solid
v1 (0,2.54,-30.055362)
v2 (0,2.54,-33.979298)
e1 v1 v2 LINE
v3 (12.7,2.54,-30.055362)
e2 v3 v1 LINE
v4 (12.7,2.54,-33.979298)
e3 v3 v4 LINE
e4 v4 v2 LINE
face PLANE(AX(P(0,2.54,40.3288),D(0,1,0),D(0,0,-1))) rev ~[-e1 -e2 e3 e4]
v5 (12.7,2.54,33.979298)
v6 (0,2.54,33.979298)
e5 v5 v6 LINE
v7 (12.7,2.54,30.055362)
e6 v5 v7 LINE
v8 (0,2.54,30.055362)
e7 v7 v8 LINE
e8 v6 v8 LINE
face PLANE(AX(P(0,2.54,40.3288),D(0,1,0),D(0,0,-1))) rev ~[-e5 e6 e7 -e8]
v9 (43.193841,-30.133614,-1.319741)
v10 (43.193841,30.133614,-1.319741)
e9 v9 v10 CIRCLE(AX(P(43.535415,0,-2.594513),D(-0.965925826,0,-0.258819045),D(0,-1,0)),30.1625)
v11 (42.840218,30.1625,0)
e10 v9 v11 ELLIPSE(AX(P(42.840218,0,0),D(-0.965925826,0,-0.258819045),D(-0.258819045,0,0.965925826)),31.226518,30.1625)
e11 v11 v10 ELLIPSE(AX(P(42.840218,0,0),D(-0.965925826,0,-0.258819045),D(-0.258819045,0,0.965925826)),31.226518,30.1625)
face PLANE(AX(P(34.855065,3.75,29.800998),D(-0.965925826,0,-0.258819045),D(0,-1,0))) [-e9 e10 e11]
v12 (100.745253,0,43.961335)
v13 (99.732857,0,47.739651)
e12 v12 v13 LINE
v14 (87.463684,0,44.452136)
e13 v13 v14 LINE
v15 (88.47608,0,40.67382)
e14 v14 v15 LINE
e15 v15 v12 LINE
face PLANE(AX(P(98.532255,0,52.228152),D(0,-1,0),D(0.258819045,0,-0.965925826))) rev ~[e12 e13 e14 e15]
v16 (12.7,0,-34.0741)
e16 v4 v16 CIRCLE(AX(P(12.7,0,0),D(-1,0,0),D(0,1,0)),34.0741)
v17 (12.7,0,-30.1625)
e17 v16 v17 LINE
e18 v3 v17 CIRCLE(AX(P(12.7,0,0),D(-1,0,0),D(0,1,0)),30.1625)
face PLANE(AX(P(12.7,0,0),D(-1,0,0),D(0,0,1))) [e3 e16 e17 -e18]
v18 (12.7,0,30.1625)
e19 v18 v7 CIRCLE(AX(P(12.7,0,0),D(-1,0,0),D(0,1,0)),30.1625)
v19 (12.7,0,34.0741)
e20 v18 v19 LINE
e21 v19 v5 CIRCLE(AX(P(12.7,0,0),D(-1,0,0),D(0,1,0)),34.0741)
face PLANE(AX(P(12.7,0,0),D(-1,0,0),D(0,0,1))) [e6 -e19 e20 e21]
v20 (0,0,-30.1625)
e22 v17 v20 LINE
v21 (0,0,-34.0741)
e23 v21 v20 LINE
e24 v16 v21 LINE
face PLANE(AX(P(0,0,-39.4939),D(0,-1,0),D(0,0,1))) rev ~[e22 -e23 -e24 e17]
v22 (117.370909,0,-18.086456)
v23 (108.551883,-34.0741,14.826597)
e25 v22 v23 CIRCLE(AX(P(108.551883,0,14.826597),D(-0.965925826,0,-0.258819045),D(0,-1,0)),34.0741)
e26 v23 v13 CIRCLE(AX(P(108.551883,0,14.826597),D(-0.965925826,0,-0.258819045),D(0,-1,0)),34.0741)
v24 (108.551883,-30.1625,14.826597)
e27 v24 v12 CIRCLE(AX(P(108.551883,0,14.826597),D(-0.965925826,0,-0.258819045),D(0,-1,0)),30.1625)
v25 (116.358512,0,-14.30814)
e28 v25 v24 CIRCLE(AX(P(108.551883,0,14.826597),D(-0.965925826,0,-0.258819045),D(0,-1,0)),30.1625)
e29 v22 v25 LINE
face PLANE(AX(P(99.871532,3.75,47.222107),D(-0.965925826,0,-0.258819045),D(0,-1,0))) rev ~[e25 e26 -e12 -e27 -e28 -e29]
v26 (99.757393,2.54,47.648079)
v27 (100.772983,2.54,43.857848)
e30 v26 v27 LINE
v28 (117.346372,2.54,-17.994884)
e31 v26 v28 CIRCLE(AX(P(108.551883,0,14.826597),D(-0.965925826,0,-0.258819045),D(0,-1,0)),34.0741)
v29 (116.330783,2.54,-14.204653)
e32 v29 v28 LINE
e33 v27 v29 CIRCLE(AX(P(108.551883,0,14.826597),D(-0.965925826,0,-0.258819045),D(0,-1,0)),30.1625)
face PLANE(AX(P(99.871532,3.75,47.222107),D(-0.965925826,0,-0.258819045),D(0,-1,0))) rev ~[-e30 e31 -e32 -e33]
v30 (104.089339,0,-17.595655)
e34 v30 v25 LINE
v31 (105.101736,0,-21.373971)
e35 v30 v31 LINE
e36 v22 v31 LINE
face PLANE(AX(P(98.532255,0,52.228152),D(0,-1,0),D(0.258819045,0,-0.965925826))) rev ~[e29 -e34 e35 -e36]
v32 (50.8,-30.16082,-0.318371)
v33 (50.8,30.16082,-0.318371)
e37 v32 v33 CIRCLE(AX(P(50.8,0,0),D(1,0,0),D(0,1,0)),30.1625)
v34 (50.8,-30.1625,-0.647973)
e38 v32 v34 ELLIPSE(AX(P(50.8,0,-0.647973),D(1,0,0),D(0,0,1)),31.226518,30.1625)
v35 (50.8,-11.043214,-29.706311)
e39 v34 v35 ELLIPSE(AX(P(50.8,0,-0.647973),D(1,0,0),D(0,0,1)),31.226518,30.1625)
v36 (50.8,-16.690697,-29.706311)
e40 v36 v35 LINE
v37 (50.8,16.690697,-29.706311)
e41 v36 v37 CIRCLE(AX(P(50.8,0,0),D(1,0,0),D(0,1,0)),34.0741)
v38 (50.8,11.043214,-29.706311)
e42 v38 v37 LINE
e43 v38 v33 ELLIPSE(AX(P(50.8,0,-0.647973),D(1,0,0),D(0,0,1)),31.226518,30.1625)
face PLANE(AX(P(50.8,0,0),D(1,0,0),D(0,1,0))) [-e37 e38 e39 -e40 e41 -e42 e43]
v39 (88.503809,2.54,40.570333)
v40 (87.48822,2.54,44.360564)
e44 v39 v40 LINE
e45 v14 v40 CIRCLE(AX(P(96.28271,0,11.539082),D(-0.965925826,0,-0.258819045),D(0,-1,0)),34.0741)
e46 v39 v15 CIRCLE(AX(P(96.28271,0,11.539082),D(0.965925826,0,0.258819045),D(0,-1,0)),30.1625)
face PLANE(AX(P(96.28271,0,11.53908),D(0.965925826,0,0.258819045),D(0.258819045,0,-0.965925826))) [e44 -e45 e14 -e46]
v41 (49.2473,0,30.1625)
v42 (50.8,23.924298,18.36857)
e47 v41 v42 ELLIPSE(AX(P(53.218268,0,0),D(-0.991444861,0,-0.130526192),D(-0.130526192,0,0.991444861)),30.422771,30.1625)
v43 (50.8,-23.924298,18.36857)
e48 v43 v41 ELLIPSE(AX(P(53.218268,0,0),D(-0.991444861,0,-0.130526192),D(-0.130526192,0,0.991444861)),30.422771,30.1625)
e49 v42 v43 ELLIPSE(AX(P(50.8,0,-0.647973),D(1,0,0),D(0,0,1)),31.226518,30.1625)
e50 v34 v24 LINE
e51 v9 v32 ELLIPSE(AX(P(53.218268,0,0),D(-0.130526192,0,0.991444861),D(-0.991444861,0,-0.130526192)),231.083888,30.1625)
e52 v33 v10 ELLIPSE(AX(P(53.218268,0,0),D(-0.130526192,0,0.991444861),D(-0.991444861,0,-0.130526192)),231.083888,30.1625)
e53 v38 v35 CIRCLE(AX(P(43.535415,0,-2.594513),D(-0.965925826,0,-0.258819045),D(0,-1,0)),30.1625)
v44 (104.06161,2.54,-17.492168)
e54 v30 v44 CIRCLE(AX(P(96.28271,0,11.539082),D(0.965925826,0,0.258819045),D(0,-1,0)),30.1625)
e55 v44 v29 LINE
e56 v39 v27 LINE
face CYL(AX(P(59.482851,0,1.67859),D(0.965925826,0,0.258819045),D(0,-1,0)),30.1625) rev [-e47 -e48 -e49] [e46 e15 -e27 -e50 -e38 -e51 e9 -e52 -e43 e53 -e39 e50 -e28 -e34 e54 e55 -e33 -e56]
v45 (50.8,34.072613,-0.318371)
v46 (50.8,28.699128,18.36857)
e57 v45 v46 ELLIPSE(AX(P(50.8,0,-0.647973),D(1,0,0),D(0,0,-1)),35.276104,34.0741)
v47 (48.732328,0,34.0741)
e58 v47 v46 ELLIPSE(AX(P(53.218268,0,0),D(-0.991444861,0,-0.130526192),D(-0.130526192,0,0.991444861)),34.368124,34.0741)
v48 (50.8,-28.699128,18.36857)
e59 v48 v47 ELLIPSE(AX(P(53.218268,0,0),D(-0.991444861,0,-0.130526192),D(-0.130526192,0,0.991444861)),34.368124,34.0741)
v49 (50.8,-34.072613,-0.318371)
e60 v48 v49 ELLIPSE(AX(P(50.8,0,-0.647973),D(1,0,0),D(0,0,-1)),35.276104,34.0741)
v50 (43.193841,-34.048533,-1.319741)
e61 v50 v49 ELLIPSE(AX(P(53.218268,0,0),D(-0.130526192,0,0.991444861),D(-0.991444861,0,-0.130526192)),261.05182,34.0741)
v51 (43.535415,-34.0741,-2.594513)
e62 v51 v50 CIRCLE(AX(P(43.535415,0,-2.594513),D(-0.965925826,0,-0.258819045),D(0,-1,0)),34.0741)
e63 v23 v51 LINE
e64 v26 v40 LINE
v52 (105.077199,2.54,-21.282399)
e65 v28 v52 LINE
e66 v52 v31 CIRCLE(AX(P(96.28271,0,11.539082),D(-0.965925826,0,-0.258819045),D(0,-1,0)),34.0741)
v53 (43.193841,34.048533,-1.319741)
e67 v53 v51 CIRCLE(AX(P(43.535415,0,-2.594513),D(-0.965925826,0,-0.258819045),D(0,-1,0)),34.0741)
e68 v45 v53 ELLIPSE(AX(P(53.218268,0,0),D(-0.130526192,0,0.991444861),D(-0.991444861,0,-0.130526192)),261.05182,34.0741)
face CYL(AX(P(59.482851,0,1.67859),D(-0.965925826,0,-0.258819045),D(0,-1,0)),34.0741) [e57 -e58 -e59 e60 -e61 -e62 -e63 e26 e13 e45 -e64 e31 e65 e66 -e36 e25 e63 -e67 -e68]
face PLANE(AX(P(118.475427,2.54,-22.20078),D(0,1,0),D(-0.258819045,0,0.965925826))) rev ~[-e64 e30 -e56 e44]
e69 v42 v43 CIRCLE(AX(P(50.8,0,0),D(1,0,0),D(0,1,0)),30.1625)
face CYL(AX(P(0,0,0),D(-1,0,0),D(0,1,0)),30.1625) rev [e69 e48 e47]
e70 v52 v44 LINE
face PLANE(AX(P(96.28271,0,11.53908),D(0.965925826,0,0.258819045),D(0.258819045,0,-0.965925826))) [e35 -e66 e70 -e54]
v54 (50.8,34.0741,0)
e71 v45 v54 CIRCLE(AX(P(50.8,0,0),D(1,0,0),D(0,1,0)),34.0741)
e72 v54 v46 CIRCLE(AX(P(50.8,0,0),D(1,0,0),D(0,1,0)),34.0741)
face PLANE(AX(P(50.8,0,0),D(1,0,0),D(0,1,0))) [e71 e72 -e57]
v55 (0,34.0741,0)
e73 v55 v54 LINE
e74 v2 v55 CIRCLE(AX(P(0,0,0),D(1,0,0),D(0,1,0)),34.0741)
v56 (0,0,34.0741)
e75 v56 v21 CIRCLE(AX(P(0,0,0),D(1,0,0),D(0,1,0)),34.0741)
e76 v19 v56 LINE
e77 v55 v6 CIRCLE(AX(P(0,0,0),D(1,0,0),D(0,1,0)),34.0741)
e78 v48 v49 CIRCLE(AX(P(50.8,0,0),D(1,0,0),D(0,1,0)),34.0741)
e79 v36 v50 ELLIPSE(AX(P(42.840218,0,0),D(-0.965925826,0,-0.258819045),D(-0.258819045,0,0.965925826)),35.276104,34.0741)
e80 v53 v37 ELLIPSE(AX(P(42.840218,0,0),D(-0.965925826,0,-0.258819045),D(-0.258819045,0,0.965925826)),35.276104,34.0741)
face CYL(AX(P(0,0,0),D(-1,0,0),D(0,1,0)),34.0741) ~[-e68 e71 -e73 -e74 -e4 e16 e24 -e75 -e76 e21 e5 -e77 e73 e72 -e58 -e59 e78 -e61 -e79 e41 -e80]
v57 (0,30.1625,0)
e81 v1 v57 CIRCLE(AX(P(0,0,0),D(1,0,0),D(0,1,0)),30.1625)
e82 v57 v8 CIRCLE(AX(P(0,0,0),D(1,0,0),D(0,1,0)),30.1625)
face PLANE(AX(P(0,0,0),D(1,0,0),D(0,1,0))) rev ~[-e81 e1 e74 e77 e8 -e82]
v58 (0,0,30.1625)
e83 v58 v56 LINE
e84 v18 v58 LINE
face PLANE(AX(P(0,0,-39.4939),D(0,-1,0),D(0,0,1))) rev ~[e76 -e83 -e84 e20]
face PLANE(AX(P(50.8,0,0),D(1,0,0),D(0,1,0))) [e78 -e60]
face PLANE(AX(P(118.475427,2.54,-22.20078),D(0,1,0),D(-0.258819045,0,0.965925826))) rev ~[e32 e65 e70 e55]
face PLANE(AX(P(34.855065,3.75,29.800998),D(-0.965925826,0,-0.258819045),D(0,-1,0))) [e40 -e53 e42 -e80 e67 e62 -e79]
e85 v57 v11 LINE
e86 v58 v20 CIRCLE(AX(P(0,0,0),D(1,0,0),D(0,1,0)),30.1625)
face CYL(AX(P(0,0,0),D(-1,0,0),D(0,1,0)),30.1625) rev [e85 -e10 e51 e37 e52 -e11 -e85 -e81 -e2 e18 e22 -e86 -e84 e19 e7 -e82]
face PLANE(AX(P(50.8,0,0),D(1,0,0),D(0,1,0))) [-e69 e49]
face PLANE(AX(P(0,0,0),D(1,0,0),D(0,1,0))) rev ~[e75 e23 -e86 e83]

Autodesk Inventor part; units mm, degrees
ref_plane "YZ Plane" through (0, 0, 0) normal (1, 0, 0) x (0, 1, 0)
ref_plane "XZ Plane" through (0, 0, 0) normal (0, 1, 0) x (-1, 0, 0)
sketch "Sketch1" plane through (0, 0, 0) normal (1, 0, 0) x (0, 1, 0)
  circle A0 centre (0, 0) radius 30.1625
  circle A1 centre (0, 0) radius 34.0741
  dimension "d0" = 60.325
  dimension "d2" = 3.9116
extrude "Extrusion1" add sketch "Sketch1" along normal blind 50.8
sketch "Sketch2" plane through (50.8, 0, 0) normal (1, 0, 0) x (0, 0, -1)
  circle A0 centre (0, 0) radius 30.1625 projected
  circle A1 centre (0, 0) radius 34.0741 projected
  point P0 (-34.0741, 0)
ref_plane "Work Plane1" through (50.8, 0, 34.0741) normal (0, 0, 1) x (1, 0, 0)
sketch "Sketch3" plane through (50.8, 0, 34.0741) normal (0, 0, 1) x (1, 0, 0)
  line L0 (0.0025, 3.75) -> (0.0025, -3.004)
  point P0 (-50.8, 0)
ref_plane "Work Plane2" through (50.8025, 3.75, 34.0741) normal (-0.9659, 0, -0.2588) x (0, -1, 0)
sketch "Sketch4" plane through (50.8025, 3.75, 34.0741) normal (-0.9659, 0, -0.2588) x (0, -1, 0)
  circle A0 centre (3.75, -33.5383) radius 30.1625
  circle A1 centre (3.75, -33.5383) radius 34.0741
  point P0 (3.75, -19.7644)
  dimension "d6" = 60.325
  dimension "d8" = 3.9116
extrude "Extrusion2" add sketch "Sketch4" against normal blind 50.8 and the other way blind 16.51
sketch "Sketch12" plane through (108.5519, 0, 14.8266) normal (0.9659, 0, 0.2588) x (0.2588, 0, -0.9659)
  line L0 (-38.7204, 0) -> (38.3341, 0)
  line L1 (38.3341, 0) -> (38.3341, 2.54)
  line L2 (38.3341, 2.54) -> (-38.7204, 2.54)
  line L3 (-38.7204, 2.54) -> (-38.7204, 0)
  point P0 (-13.7739, 0)
  dimension "d23" = 2.54
extrude "Extrusion5" cut sketch "Sketch12" against normal blind 12.7
sketch "Sketch13" plane through (0, 0, 0) normal (-1, 0, 0) x (0, 0, 1)
  line L0 (-39.4939, 0) -> (40.3288, 0)
  line L1 (40.3288, 0) -> (40.3288, 2.54)
  line L2 (40.3288, 2.54) -> (-39.4939, 2.54)
  line L3 (-39.4939, 2.54) -> (-39.4939, 0)
  dimension "d26" = 2.54
extrude "Extrusion6" cut sketch "Sketch13" against normal blind 12.7
properties part number "pvc_15bend" material "PVC-Piping"
